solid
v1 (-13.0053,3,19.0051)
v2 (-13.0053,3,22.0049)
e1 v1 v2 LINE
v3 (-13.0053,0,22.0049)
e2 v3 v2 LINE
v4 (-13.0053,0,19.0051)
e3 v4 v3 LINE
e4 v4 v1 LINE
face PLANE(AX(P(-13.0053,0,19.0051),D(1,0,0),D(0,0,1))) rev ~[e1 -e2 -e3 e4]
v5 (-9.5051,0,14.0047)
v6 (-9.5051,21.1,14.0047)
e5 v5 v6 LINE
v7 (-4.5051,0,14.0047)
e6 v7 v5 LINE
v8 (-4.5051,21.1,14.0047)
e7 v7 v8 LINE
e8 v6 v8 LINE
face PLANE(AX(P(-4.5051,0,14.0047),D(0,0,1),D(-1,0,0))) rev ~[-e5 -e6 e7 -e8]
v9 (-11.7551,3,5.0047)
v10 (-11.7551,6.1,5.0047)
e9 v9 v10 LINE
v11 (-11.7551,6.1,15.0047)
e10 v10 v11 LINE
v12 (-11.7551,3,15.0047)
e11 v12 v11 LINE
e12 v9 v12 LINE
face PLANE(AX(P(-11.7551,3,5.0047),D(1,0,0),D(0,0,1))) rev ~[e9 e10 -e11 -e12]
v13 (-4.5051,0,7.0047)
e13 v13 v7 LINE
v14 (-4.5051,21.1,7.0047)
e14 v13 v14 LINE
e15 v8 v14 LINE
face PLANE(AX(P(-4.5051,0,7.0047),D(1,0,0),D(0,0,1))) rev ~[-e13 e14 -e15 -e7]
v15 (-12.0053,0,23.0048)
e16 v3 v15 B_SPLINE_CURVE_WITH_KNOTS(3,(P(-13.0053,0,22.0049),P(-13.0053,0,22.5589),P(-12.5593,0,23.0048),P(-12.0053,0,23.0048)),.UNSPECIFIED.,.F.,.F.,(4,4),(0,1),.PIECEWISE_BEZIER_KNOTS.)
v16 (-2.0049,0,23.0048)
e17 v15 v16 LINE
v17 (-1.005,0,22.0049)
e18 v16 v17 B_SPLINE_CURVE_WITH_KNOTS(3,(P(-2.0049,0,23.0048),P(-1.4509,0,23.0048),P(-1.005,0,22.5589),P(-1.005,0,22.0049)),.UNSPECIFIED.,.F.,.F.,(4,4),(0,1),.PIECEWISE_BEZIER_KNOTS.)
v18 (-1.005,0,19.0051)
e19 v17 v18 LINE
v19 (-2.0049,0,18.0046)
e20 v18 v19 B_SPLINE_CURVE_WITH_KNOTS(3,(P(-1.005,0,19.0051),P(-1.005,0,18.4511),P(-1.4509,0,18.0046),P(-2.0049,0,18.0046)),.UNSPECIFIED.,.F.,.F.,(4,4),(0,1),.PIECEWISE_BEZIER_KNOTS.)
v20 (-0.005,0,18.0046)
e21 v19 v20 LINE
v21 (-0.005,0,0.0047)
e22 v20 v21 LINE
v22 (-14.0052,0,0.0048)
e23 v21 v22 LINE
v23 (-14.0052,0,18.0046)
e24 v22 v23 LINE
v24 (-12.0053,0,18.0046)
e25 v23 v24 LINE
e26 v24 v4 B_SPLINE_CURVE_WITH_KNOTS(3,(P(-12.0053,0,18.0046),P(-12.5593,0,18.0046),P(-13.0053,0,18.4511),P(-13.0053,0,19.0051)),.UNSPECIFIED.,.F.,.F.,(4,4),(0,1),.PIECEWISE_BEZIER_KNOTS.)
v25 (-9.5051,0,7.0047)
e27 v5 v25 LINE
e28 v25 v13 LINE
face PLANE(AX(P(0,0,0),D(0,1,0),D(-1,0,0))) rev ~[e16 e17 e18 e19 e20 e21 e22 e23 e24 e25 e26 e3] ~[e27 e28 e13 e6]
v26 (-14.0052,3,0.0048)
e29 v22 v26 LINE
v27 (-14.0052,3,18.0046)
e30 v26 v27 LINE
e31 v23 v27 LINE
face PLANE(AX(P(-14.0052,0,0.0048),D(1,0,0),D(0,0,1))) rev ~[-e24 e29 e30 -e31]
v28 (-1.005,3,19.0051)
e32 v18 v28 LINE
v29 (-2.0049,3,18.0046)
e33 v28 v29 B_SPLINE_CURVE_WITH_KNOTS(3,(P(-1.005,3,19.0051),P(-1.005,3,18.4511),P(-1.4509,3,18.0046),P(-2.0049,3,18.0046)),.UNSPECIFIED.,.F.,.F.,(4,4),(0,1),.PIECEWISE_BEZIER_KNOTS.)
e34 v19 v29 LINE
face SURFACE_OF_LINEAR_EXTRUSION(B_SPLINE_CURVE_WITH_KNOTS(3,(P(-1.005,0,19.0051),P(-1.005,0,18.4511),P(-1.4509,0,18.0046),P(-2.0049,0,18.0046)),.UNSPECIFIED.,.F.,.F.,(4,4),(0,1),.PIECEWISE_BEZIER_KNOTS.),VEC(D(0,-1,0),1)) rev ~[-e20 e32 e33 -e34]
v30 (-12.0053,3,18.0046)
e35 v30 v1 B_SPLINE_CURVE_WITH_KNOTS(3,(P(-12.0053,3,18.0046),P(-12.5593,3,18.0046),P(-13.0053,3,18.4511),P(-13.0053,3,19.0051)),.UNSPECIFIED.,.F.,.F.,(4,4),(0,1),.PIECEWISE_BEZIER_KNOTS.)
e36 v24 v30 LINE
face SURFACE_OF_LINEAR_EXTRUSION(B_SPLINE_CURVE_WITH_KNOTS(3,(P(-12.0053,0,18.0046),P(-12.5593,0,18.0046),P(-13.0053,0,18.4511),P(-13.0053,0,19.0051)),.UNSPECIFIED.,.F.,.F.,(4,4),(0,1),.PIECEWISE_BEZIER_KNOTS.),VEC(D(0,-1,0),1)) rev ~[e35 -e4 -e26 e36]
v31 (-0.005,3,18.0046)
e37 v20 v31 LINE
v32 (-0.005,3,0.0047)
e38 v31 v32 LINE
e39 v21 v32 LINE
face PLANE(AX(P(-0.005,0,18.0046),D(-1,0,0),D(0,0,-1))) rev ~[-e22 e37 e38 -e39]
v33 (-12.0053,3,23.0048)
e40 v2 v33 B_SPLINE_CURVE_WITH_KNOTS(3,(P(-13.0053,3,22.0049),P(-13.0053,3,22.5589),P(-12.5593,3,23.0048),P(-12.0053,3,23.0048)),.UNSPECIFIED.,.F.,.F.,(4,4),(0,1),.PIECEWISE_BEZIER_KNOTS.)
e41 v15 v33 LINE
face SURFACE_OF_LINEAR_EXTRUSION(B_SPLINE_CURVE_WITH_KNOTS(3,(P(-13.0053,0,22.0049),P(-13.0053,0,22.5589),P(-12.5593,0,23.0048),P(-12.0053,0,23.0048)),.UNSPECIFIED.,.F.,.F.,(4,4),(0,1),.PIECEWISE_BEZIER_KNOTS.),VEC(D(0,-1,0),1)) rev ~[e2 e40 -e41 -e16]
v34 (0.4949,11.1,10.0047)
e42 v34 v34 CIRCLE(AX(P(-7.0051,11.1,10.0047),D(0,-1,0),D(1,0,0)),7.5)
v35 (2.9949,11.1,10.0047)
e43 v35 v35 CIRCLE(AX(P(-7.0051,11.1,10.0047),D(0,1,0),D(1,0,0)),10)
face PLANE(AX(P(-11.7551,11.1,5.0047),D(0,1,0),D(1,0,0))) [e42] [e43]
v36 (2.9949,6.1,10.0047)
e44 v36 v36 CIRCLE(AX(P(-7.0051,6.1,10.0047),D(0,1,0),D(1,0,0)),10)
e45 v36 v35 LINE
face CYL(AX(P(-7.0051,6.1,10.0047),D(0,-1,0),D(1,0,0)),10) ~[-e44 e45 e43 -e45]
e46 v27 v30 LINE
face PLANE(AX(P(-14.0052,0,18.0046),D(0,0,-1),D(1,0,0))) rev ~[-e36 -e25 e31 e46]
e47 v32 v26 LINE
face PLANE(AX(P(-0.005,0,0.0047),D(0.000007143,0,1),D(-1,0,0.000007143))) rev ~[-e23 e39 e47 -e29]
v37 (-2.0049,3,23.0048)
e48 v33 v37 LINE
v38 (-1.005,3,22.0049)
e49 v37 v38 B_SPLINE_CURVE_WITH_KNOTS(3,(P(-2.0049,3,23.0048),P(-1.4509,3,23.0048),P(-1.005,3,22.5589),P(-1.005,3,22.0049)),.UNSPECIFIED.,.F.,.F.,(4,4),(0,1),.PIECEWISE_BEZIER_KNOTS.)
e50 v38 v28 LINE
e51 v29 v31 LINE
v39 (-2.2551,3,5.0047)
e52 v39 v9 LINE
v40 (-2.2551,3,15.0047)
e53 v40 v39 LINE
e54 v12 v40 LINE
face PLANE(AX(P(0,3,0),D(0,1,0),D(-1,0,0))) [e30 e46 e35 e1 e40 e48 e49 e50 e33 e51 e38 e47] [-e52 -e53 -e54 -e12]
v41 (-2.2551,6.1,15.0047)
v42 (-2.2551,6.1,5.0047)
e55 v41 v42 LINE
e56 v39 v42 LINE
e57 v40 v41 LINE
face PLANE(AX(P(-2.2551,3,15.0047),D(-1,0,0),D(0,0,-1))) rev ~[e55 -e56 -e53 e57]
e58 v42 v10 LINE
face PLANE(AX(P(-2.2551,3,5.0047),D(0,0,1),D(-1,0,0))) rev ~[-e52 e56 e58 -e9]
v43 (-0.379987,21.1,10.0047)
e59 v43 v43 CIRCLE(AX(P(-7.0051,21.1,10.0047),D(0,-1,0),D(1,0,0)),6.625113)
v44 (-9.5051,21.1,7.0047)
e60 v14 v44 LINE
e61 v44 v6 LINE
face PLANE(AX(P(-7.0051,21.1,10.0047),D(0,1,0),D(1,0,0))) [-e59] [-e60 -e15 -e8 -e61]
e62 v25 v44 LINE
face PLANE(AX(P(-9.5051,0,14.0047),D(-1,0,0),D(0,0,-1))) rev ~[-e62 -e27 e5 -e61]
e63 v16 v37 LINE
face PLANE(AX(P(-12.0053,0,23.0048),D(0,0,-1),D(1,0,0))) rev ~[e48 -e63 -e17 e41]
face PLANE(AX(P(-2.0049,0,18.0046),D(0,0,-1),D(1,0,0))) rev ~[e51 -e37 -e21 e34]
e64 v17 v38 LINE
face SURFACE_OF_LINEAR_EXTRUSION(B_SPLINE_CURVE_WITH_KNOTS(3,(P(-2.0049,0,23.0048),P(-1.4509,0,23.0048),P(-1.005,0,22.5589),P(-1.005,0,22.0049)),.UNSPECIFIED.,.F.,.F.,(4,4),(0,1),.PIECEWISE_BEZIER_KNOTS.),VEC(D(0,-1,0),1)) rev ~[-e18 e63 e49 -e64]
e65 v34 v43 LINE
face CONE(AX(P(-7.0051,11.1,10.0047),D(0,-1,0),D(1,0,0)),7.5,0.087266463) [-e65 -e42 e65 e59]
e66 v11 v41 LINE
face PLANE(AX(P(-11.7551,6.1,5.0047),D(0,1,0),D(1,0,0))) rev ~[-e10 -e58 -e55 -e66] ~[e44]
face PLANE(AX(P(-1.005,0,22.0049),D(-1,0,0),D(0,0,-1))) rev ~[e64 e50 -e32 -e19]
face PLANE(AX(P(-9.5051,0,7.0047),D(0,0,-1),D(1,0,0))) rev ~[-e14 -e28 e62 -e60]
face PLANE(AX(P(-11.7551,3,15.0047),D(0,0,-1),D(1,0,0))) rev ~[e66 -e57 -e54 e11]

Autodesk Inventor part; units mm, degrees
ref_plane "YZ Plane" through (0, 0, 0) normal (1, 0, 0) x (0, 1, 0)
ref_plane "XZ Plane" through (0, 0, 0) normal (0, 1, 0) x (-1, 0, 0)
ref_plane "XY Plane" through (0, 0, 0) normal (0, 0, 1) x (1, 0, 0)
sketch "Sketch3" plane through (0, 0, 0) normal (0, 1, 0) x (-1, 0, 0)
  spline S0 degree 3 poles (2.0049, 23.0048) (1.4509, 23.0048) (1.005, 22.5589) (1.005, 22.0049) knots 0 0 0 0 1 1 1 1
  line L0 (2.0049, 23.0048) -> (1.4509, 23.0048) construction
  line L1 (1.4509, 23.0048) -> (1.005, 22.5589) construction
  line L2 (1.005, 22.5589) -> (1.005, 22.0049) construction
  spline S1 degree 3 poles (1.005, 19.0051) (1.005, 18.4511) (1.4509, 18.0046) (2.0049, 18.0046) knots 0 0 0 0 1 1 1 1
  line L3 (1.005, 19.0051) -> (1.005, 18.4511) construction
  line L4 (1.005, 18.4511) -> (1.4509, 18.0046) construction
  line L5 (1.4509, 18.0046) -> (2.0049, 18.0046) construction
  line L6 (1.005, 22.0049) -> (1.005, 19.0051)
  spline S2 degree 3 poles (12.0053, 18.0046) (12.5593, 18.0046) (13.0053, 18.4511) (13.0053, 19.0051) knots 0 0 0 0 1 1 1 1
  line L7 (12.0053, 18.0046) -> (12.5593, 18.0046) construction
  line L8 (12.5593, 18.0046) -> (13.0053, 18.4511) construction
  line L9 (13.0053, 18.4511) -> (13.0053, 19.0051) construction
  line L10 (2.0049, 18.0046) -> (0.005, 18.0046)
  line L11 (0.005, 18.0046) -> (0.005, 0.0047)
  line L12 (0.005, 0.0047) -> (14.0052, 0.0048)
  line L13 (14.0052, 0.0048) -> (14.0052, 18.0046)
  line L14 (14.0052, 18.0046) -> (12.0053, 18.0046)
  spline S3 degree 3 poles (13.0053, 22.0049) (13.0053, 22.5589) (12.5593, 23.0048) (12.0053, 23.0048) knots 0 0 0 0 1 1 1 1
  line L15 (13.0053, 22.0049) -> (13.0053, 22.5589) construction
  line L16 (13.0053, 22.5589) -> (12.5593, 23.0048) construction
  line L17 (12.5593, 23.0048) -> (12.0053, 23.0048) construction
  line L18 (13.0053, 19.0051) -> (13.0053, 22.0049)
  line L19 (12.0053, 23.0048) -> (2.0049, 23.0048)
  point P0 (0, 0)
  point P1 (2.0049, 23.0048)
  point P2 (1.005, 22.0049)
  point P3 (1.005, 19.0051)
  point P4 (2.0049, 18.0046)
  point P5 (0.005, 18.0046)
  point P6 (12.0054, 18.0046)
  point P7 (12.0053, 23.0048)
extrude "Extrusion2" add sketch "Sketch3" along normal blind 3
ref_plane "Edge of module" through (0, 6.1, 0) normal (0, 1, 0) x (1, 0, 0)
sketch "Sketch5" plane through (0, 3, 0) normal (0, 1, 0) x (1, 0, 0)
  line L0 (-0.005, -18.0046) -> (-0.005, -0.0047) projected
  line L1 (-0.005, -3.5047) -> (-14.0052, -3.5048) construction
  line L2 (-14.0052, -0.0048) -> (-14.0052, -18.0046) projected
  line L3 (-0.005, -0.0047) -> (-14.0052, -0.0048) projected
  line L4 (-0.005, -0.0047) -> (-14.0052, -0.0048) construction
  line L5 (-7.0051, -0.0047) -> (-7.0051, -23.0048) construction
  line L6 (-12.0053, -23.0048) -> (-2.0049, -23.0048) construction
  line L7 (-2.2551, -15.0047) -> (-2.2551, -5.0047)
  line L8 (-2.2551, -5.0047) -> (-11.7551, -5.0047)
  line L9 (-11.7551, -5.0047) -> (-11.7551, -15.0047)
  line L10 (-11.7551, -15.0047) -> (-2.2551, -15.0047)
  line L11 (-2.2551, -15.0047) -> (-11.7551, -5.0047) construction
  line L12 (-2.2551, -5.0047) -> (-11.7551, -15.0047) construction
  point P0 (0, 0)
  point P1 (-7.0051, -10.0047)
  dimension "d9" = 3.5
  dimension "d10" = 9.5
  dimension "d11" = 10
  dimension "d12" = 1.5
extrude "Extrusion3" add sketch "Sketch5" along normal up to surface (3.1 mm away)
sketch "Sketch6" plane through (-11.7551, 6.1, 5.0047) normal (0, 1, 0) x (1, 0, 0)
  line L0 (4.75, 5) -> (4.75, -18.0001) construction
  line L1 (9.5, -10) -> (0, -10) construction
  line L2 (9.5, -10) -> (0, 0) construction
  circle A0 centre (4.75, -5) radius 10
  point P0 (11.7551, 5.0047)
  dimension "d15" = 20
extrude "Extrusion4" add sketch "Sketch6" along normal blind 5
sketch "Sketch7" plane through (-7.0051, 11.1, 10.0047) normal (0, 1, 0) x (1, 0, 0)
  circle A0 centre (0, 0) radius 7.5
  point P0 (7.0051, 10.0047)
  dimension "d18" = 15
extrude "Extrusion5" add sketch "Sketch7" along normal blind 10 draft -5
ref_plane "Work Plane5" through (-0.005, 0, 0.0047) normal (0, 0, -1) x (-1, 0, 0)
sketch "Sketch8" plane through (0, 0, 0) normal (0, -1, 0) x (1, 0, 0)
  line L0 (-9.5051, 7.0047) -> (-4.5051, 7.0047)
  line L1 (-4.5051, 7.0047) -> (-4.5051, 14.0047)
  line L2 (-4.5051, 14.0047) -> (-9.5051, 14.0047)
  line L3 (-9.5051, 14.0047) -> (-9.5051, 7.0047)
  line L4 (-9.5051, 7.0047) -> (-4.5051, 14.0047) construction
  line L5 (-4.5051, 7.0047) -> (-9.5051, 14.0047) construction
  line L6 (-0.005, 0.0047) -> (-14.0052, 0.0048) construction
  line L7 (-7.0051, 0.0047) -> (-7.0051, 22.9634) construction
  line L8 (2.801, 0.0047) -> (-16.8063, 0.0048) projected
  point P0 (0, 0)
  point P1 (-7.0051, 10.5047)
  dimension "d21" = 5
  dimension "d22" = 7
  dimension "d24" = 7
extrude "Extrusion6" cut sketch "Sketch8" against normal through all
properties part number "Ant connector"
